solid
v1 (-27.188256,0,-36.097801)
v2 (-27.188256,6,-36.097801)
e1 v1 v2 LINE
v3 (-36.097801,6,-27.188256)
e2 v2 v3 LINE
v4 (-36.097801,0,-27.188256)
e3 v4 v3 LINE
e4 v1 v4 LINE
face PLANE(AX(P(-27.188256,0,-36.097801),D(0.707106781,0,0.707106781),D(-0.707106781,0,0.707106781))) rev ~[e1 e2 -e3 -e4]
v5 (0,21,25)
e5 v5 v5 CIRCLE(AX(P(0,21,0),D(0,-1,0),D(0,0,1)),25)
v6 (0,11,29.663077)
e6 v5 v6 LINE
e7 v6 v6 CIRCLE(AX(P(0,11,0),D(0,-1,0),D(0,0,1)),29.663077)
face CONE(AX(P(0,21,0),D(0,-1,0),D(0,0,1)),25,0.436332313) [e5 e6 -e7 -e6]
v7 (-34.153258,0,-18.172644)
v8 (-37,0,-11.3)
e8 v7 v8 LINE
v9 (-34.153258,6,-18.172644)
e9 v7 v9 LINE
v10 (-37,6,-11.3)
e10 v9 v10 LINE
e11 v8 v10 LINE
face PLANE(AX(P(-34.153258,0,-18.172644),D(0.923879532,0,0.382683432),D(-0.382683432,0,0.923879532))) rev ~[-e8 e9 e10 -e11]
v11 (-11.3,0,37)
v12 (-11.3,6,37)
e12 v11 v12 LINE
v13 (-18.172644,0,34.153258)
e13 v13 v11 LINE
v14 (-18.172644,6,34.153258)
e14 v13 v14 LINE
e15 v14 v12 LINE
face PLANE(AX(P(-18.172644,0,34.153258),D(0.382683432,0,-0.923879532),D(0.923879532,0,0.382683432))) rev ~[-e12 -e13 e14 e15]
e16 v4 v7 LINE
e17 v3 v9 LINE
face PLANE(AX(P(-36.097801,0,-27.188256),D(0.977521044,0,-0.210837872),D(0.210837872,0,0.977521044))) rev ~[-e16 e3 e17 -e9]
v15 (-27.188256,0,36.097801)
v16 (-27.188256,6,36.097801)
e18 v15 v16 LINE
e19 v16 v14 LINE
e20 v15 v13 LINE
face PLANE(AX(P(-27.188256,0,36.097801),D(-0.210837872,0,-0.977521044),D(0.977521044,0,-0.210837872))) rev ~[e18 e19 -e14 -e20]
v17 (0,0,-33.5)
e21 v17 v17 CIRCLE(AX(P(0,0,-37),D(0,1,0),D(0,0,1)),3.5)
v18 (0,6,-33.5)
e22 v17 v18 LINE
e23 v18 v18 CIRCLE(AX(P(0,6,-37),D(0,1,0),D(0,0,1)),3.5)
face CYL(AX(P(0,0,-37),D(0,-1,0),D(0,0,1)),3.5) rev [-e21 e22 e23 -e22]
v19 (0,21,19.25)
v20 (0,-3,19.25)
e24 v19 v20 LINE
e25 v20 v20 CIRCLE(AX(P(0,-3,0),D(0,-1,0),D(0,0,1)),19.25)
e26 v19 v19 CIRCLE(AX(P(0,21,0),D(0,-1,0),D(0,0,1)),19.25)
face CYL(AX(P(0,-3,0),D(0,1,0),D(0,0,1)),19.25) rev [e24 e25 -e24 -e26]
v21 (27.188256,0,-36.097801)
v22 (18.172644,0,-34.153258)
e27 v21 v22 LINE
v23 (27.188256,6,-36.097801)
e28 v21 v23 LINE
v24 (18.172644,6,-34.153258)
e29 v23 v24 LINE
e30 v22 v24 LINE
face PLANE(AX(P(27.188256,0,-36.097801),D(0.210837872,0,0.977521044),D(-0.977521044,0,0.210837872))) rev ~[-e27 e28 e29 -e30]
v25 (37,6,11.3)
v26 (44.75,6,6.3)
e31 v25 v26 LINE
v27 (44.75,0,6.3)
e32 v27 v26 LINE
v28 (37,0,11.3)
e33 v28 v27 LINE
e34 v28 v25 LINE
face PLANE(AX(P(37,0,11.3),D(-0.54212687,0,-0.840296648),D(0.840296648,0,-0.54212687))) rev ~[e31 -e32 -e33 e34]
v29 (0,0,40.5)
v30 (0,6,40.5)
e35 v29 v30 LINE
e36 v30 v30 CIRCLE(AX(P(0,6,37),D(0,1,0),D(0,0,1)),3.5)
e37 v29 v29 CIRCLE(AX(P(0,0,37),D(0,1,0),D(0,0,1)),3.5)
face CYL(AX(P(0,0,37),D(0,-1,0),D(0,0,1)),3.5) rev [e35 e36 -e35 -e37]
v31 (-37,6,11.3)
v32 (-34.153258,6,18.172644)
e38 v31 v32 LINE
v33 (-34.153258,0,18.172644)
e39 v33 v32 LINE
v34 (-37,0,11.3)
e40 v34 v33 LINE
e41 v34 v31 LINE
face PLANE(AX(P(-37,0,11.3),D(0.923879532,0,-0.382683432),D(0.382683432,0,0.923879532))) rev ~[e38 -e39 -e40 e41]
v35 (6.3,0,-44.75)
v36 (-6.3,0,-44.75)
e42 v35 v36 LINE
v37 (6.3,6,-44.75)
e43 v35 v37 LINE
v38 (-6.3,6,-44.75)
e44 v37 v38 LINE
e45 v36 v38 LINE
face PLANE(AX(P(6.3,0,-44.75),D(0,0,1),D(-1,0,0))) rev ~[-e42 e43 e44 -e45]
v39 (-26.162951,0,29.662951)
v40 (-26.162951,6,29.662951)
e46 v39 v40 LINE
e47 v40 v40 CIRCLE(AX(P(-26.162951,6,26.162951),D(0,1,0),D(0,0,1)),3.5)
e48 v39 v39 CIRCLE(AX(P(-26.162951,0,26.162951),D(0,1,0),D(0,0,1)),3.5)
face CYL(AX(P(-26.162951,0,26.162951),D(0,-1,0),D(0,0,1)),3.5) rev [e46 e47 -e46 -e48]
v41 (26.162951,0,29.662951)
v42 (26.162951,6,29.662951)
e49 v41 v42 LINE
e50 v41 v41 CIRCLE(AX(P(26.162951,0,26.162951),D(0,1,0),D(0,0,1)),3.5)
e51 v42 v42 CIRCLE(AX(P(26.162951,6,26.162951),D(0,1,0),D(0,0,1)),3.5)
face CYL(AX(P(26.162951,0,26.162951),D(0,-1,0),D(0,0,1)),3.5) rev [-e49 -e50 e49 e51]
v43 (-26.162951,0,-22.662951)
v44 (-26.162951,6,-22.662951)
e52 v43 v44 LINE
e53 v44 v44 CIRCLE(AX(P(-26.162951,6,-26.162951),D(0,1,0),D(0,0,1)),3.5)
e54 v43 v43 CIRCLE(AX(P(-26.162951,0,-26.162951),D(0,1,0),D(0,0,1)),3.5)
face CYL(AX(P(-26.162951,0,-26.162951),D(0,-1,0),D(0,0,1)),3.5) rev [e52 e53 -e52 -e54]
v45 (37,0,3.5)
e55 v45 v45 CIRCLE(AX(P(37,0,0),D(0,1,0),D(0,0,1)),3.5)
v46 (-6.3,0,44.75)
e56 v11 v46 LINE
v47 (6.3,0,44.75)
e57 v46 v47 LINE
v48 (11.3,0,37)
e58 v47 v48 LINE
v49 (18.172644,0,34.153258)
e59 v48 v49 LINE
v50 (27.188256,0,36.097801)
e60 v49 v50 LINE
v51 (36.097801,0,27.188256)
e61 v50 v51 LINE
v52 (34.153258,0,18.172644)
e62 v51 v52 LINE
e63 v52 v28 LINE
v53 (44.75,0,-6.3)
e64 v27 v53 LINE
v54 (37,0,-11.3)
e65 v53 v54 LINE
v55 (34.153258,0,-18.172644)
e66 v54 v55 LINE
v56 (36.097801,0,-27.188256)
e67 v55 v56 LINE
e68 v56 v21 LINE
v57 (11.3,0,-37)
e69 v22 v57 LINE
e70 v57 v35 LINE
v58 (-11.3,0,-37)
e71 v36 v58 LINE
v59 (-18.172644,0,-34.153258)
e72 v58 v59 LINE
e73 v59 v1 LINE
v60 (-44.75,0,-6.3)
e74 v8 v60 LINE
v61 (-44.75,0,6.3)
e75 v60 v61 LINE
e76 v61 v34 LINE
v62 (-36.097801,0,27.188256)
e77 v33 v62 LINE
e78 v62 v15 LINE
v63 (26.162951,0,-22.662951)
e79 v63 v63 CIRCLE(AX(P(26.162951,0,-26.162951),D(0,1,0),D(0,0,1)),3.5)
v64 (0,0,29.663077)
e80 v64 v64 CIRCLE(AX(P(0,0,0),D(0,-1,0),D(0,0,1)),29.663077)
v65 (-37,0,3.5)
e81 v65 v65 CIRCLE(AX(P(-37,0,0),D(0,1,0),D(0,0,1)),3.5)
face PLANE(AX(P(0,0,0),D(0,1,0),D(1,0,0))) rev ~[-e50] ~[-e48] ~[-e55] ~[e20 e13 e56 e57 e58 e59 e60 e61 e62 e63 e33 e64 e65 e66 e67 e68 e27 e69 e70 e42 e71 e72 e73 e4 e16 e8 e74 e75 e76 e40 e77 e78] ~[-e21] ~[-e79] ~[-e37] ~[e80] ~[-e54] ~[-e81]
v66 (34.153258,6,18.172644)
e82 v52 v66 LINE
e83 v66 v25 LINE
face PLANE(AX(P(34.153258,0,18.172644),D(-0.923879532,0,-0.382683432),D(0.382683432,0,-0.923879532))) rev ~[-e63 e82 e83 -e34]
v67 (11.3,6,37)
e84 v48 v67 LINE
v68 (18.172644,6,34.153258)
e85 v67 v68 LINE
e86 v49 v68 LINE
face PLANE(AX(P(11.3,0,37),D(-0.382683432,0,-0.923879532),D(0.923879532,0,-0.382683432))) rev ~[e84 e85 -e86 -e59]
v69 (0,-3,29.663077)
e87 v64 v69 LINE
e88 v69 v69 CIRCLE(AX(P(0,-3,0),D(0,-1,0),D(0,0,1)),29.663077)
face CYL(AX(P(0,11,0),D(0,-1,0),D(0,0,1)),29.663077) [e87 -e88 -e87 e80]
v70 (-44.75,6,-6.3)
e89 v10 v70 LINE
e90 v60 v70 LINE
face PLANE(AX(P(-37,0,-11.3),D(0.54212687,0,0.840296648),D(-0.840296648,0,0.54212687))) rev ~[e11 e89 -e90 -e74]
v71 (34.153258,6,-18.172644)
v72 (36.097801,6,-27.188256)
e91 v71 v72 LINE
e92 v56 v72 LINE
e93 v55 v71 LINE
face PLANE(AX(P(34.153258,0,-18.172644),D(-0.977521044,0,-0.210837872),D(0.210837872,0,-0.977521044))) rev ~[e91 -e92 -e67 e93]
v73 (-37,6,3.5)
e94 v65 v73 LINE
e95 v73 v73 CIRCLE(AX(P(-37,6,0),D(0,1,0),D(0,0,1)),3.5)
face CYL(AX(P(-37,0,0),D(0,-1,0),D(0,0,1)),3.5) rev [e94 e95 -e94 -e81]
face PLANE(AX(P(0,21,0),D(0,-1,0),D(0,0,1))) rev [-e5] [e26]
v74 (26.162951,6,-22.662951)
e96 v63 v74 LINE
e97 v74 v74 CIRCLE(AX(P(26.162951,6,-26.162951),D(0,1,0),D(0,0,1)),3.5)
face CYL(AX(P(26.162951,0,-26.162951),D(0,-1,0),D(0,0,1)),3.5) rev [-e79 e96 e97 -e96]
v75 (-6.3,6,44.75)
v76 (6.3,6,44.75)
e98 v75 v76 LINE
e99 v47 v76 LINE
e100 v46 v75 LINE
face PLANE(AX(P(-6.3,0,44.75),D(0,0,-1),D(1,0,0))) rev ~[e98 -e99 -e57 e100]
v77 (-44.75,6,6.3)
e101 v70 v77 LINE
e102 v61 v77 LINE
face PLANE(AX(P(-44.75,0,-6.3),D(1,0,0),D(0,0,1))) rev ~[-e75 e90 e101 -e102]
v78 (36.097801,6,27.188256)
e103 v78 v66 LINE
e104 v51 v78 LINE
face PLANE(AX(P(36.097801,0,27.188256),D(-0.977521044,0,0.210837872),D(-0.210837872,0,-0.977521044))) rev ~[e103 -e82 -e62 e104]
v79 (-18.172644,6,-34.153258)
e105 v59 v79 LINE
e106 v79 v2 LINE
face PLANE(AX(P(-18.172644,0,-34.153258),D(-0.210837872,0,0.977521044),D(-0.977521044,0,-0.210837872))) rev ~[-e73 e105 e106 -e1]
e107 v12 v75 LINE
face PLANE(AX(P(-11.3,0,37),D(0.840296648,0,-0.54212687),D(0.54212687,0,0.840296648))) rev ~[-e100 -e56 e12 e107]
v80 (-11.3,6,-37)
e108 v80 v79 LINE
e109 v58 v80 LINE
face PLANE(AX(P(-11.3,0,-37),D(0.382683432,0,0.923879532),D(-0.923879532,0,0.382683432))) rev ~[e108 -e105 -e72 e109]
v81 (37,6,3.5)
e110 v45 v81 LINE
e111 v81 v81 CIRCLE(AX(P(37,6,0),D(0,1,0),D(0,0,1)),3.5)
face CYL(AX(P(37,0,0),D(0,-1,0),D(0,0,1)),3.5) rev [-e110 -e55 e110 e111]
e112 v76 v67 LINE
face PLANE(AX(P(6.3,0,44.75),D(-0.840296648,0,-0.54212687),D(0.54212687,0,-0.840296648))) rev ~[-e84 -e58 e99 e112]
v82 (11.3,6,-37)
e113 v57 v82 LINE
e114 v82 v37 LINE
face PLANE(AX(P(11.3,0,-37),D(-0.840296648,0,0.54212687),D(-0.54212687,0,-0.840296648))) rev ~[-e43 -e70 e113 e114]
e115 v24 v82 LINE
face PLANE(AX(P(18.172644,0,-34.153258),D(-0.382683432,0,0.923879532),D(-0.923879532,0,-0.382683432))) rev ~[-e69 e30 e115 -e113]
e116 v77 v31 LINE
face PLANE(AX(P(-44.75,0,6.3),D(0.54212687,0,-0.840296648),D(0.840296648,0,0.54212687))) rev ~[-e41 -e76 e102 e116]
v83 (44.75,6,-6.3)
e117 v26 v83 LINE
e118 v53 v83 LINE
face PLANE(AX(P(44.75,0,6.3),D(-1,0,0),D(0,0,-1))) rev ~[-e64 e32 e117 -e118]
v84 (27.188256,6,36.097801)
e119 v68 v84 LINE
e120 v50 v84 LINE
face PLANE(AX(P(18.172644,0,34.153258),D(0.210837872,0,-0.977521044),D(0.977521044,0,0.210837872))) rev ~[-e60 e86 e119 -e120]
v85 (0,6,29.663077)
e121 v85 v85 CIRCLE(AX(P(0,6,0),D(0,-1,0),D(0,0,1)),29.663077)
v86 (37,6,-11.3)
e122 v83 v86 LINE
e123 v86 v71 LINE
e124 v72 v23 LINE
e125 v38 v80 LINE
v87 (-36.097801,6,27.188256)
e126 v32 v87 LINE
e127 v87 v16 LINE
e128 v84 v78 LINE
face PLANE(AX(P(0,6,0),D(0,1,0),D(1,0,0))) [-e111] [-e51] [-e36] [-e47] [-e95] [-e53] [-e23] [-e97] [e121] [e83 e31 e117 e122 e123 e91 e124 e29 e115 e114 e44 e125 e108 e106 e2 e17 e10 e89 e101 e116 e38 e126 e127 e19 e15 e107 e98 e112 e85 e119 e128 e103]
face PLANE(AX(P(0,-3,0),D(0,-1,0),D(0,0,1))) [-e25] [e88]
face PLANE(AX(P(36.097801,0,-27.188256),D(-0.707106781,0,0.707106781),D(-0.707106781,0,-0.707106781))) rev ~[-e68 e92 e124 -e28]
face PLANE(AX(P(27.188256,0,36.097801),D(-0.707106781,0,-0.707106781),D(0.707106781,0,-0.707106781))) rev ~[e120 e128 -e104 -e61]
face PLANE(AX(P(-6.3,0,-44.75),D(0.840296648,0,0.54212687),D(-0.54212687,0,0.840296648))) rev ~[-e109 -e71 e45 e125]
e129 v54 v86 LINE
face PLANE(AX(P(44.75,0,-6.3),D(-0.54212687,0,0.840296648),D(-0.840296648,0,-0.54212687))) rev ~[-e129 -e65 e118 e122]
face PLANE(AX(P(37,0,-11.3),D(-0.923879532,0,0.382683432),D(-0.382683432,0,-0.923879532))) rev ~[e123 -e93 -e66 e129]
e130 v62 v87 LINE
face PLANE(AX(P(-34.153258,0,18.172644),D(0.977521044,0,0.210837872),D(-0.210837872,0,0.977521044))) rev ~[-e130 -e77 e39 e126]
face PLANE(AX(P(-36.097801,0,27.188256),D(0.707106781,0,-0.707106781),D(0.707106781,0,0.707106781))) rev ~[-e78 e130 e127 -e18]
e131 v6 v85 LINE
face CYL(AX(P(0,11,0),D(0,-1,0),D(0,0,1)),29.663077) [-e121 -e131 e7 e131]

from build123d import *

# Parameters (mm, degrees)
SKETCH2_R           = 3.5
SKETCH2_R_2         = 19.25
BOSS_EXTRUDE1_DEPTH = 6


with BuildPart() as part:
    # Sketch2 → Boss-Extrude1 (new body)
    with BuildSketch(Plane(origin=(0, 0, 0), x_dir=(1, 0, 0), z_dir=(0, 1, 0))):
        Polygon((27.188255737, 36.09780118), (18.172644276, 34.153257531), (11.3, 37), (6.3, 44.75), (-6.3, 44.75), (-11.3, 37), (-18.172644276, 34.153257531), (-27.188255737, 36.09780118), (-36.09780118, 27.188255737), (-34.153257531, 18.172644276), (-37, 11.3), (-44.75, 6.3), (-44.75, -6.3), (-37, -11.3), (-34.153257531, -18.172644276), (-36.09780118, -27.188255737), (-27.188255737, -36.09780118), (-18.172644276, -34.153257531), (-11.3, -37), (-6.3, -44.75), (6.3, -44.75), (11.3, -37), (18.172644276, -34.153257531), (27.188255737, -36.09780118), (36.09780118, -27.188255737), (34.153257531, -18.172644276), (37, -11.3), (44.75, -6.3), (44.75, 6.3), (37, 11.3), (34.153257531, 18.172644276), (36.09780118, 27.188255737), align=None)
        with Locations(Location((0, 37, 0), (0, 0, 270))):
            Circle(SKETCH2_R, mode=Mode.SUBTRACT)
        with Locations(Location((26.162950904, 26.162950904, 0), (0, 0, 270))):
            Circle(SKETCH2_R, mode=Mode.SUBTRACT)
        with Locations(Location((37, 0, 0), (0, 0, 270))):
            Circle(SKETCH2_R, mode=Mode.SUBTRACT)
        with Locations(Location((26.162950904, -26.162950904, 0), (0, 0, 270))):
            Circle(SKETCH2_R, mode=Mode.SUBTRACT)
        with Locations(Location((0, -37, 0), (0, 0, 270))):
            Circle(SKETCH2_R, mode=Mode.SUBTRACT)
        with Locations(Location((-26.162950904, -26.162950904, 0), (0, 0, 270))):
            Circle(SKETCH2_R, mode=Mode.SUBTRACT)
        with Locations(Location((-37, 0, 0), (0, 0, 270))):
            Circle(SKETCH2_R, mode=Mode.SUBTRACT)
        with Locations(Location((-26.162950904, 26.162950904, 0), (0, 0, 270))):
            Circle(SKETCH2_R, mode=Mode.SUBTRACT)
        with Locations(Location((0, 0, 0), (0, 0, 270))):
            Circle(SKETCH2_R_2, mode=Mode.SUBTRACT)
    extrude(amount=BOSS_EXTRUDE1_DEPTH)

    # Sketch3 → Revolve1 (revolve)
    with BuildSketch(Plane.XY, mode=Mode.PRIVATE) as revolve1_sk:
        Polygon((-19.25, 21), (-25, 21), (-29.663076582, 11), (-29.663076582, -3), (-19.25, -3), align=None)
    revolve(revolve1_sk.sketch.rotate(Axis((0, 33.758219329, 0), (0, -1, 0)), 270), axis=Axis((0, 33.758219329, 0), (0, -1, 0)))


solid = part.part
